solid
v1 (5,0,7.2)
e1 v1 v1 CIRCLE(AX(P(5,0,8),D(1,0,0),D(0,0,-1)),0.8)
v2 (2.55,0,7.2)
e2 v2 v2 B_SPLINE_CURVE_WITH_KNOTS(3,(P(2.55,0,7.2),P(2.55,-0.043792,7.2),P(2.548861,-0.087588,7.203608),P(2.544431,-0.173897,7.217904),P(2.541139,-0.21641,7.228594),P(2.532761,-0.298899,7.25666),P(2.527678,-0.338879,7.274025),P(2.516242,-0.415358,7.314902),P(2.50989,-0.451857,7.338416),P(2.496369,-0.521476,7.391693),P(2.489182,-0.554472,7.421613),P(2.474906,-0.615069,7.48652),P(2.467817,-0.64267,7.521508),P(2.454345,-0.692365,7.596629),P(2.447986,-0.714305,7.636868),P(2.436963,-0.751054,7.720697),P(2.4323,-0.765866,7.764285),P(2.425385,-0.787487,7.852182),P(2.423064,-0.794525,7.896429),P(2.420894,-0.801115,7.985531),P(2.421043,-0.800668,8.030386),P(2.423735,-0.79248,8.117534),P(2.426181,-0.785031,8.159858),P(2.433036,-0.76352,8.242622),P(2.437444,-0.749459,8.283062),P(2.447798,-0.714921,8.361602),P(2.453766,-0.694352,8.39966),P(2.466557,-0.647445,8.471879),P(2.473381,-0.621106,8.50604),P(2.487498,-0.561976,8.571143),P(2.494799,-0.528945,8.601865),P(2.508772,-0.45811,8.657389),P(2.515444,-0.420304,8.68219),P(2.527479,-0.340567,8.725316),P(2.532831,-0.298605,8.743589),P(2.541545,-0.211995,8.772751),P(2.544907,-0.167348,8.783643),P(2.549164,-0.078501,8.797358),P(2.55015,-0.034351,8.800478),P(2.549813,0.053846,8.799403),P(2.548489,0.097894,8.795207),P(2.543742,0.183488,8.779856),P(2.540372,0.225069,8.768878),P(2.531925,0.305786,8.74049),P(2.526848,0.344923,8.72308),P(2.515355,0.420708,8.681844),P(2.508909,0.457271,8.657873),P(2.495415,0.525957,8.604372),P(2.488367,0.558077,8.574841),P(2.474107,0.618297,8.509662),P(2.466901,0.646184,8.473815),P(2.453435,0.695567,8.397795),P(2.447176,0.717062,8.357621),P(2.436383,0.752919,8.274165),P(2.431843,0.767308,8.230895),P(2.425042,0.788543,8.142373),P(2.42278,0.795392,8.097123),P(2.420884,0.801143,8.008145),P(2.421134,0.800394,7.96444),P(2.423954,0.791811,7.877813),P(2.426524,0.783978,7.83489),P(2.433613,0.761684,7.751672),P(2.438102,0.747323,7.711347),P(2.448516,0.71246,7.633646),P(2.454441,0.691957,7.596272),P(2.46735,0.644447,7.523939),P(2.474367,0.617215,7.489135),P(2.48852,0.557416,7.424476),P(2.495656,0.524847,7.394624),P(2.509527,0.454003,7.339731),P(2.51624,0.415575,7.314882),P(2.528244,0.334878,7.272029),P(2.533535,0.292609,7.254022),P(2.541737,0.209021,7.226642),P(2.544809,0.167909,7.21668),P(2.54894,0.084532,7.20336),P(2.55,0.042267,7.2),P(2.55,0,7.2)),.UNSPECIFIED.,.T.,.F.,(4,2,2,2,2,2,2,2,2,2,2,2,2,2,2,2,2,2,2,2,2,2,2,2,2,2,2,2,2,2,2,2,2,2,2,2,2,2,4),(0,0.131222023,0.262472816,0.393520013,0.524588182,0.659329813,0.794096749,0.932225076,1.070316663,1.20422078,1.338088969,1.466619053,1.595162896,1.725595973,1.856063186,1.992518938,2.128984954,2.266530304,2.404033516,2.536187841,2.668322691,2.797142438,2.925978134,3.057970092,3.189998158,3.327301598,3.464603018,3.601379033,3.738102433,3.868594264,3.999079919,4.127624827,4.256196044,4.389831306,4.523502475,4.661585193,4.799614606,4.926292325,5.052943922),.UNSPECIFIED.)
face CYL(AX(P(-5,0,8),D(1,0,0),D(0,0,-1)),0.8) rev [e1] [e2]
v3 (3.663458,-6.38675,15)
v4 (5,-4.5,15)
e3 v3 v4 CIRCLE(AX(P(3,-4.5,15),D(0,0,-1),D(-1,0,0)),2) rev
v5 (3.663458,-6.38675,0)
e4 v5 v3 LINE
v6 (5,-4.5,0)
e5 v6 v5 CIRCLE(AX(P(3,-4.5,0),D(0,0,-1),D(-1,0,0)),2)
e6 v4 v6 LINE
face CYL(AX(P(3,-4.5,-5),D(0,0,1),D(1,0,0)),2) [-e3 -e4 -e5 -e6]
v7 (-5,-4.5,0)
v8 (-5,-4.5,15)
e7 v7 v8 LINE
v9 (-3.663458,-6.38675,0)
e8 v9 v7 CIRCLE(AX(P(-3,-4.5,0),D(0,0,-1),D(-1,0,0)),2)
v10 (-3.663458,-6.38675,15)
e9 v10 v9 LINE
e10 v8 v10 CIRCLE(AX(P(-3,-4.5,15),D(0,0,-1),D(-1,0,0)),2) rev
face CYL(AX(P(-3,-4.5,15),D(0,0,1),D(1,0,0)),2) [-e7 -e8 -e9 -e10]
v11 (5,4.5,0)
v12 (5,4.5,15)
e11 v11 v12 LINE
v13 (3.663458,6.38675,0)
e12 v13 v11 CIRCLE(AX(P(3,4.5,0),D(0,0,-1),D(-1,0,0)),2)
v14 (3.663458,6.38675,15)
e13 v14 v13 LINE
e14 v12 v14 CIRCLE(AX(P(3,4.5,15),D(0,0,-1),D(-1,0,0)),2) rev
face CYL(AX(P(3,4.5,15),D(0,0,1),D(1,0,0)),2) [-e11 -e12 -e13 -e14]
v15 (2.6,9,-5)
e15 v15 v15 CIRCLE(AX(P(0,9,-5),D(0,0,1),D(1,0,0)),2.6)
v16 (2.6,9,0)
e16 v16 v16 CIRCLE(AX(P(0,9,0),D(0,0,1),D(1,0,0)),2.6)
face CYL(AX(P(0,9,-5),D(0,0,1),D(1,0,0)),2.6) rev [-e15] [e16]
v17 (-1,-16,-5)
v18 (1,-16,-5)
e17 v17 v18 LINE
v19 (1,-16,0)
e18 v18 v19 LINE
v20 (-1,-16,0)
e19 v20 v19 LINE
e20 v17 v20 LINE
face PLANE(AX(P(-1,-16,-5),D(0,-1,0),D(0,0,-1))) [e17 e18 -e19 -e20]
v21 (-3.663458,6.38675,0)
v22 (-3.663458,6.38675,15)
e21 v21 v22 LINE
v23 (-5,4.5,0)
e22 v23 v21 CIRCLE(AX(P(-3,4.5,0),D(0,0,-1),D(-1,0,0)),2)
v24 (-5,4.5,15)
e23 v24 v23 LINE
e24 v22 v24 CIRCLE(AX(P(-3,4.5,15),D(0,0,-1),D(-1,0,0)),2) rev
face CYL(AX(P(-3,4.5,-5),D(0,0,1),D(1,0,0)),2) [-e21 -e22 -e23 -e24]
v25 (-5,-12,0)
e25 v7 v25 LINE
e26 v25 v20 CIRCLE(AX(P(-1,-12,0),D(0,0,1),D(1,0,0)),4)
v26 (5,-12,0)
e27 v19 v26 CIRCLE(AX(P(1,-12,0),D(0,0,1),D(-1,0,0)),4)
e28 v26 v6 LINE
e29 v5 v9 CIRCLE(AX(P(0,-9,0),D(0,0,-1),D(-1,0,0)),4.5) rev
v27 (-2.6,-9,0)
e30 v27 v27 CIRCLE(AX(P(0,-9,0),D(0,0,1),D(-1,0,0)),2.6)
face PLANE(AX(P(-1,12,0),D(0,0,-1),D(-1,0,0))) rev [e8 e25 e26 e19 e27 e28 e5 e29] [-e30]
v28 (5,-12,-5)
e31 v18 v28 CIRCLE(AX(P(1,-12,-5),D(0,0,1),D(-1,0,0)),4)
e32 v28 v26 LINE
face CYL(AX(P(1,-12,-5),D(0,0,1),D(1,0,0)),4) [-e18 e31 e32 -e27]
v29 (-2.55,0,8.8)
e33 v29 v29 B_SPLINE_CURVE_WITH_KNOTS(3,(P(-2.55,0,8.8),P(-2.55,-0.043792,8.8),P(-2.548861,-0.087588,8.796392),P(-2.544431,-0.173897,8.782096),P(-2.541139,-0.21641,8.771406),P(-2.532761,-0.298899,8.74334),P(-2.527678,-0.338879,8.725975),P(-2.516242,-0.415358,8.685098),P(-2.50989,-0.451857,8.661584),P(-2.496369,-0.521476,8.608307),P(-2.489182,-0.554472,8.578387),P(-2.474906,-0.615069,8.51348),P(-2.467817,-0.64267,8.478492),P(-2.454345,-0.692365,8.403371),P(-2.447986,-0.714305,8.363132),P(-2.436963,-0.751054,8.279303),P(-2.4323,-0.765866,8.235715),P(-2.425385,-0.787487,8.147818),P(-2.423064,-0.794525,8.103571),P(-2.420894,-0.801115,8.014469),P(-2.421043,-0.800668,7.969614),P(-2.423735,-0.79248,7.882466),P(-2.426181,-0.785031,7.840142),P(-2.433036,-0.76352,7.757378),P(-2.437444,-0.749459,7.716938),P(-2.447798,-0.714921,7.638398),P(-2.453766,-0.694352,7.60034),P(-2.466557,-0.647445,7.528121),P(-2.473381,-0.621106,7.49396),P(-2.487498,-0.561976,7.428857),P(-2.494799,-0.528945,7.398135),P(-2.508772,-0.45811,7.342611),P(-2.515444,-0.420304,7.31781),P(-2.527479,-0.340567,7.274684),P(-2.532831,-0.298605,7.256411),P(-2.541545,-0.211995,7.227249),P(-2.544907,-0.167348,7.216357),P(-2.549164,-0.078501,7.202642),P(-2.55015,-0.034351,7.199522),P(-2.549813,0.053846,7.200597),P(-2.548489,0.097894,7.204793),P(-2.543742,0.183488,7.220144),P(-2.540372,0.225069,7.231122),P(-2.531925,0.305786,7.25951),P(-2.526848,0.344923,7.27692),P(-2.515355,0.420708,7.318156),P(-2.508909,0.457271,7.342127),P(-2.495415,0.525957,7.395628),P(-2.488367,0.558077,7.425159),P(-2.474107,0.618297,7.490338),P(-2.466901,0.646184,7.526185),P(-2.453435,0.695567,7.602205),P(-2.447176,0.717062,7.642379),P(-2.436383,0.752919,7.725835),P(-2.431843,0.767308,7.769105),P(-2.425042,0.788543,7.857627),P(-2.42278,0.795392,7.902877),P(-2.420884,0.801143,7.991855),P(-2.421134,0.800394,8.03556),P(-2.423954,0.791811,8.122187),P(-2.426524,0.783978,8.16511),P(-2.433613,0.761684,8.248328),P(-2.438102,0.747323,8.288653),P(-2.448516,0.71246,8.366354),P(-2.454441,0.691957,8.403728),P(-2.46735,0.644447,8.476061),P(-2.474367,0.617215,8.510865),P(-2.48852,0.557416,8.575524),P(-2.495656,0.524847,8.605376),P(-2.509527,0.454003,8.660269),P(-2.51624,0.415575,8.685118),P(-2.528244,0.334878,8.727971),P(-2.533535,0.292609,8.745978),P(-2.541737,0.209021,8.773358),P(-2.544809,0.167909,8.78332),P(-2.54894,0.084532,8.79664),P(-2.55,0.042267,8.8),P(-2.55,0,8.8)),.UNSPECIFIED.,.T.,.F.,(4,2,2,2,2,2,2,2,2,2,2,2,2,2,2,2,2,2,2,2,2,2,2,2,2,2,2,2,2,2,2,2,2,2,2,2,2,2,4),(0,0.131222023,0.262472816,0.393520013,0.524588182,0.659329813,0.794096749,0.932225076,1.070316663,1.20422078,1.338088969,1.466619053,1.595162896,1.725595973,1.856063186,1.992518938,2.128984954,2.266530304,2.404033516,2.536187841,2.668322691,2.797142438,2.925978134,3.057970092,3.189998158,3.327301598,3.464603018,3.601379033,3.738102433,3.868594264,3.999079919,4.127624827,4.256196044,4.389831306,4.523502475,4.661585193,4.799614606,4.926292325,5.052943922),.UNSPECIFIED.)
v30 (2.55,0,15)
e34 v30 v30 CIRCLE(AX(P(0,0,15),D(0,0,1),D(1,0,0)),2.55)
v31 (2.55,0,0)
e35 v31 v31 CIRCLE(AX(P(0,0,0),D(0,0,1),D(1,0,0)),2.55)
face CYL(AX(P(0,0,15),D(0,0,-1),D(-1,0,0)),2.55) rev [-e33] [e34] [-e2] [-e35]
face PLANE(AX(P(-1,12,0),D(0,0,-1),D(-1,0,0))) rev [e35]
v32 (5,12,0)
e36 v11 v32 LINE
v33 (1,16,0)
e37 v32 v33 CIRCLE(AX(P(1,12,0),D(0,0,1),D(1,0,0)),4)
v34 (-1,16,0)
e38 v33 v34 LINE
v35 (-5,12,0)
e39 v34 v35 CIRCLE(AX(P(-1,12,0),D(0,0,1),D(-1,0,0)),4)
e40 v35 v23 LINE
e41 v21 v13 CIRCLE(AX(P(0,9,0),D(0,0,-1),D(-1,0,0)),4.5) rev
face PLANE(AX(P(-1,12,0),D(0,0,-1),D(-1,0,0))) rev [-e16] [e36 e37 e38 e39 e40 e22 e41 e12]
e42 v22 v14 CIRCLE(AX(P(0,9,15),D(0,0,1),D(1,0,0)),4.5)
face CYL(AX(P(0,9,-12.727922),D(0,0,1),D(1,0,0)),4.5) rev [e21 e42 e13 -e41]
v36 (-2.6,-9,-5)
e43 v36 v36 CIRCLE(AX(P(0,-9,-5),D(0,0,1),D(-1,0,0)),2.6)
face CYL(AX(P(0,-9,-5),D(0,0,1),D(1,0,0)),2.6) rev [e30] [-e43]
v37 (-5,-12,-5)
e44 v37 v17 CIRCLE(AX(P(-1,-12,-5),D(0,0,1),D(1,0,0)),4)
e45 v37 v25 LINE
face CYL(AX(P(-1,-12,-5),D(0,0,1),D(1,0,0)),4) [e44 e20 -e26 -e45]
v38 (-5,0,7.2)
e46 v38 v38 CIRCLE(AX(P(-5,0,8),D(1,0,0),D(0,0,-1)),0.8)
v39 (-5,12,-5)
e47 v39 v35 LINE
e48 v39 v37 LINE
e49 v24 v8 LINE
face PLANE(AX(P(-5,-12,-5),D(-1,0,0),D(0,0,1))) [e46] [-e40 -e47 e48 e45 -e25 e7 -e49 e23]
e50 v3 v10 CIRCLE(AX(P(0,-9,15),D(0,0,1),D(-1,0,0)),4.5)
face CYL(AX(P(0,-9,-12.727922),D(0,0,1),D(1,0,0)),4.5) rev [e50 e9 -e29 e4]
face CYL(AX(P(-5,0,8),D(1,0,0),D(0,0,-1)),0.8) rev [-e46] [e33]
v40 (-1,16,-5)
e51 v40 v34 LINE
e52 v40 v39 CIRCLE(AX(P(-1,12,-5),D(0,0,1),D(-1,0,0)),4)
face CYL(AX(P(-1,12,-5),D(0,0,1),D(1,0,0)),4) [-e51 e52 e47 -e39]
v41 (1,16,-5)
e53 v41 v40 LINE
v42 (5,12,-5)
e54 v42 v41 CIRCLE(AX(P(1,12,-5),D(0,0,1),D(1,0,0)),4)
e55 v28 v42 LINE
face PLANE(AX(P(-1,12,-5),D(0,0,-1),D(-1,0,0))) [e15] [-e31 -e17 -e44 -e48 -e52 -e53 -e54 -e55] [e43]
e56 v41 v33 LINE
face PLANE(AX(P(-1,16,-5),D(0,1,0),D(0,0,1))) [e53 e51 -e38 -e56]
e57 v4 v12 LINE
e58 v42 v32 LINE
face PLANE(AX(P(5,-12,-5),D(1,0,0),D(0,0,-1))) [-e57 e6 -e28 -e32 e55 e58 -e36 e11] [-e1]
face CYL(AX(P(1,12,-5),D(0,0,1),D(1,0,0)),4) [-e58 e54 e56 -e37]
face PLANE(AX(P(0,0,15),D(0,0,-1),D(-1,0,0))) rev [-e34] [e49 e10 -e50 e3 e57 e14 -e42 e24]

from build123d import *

# Parameters (mm, degrees)
SKETCH1_R               = 2.6
BOSS_EXTRUDE1_DEPTH     = 5
SKETCH2_W               = 10
SKETCH2_H               = 13
SKETCH2_R               = 2.55
BOSS_EXTRUDE3_DEPTH     = 15
FILLET2_R               = 2
SKETCH6_R               = 4.5
CUT_EXTRUDE2_DEPTH      = 15
CUT_EXTRUDE3_DEPTH      = 25.103941586
CUT_EXTRUDE3_DEPTH_BACK = 25.103941586
SKETCH7_R               = 0.8


with BuildPart() as part:
    # Sketch1 → Boss-Extrude1 (new body)
    with BuildSketch(Plane.XY):
        with BuildLine():
            Line((-5, -12), (-5, 12))
            ThreePointArc((-5, 12), (-3.828427125, 14.828427125), (-1, 16))
            Line((-1, 16), (1, 16))
            ThreePointArc((1, 16), (3.828427125, 14.828427125), (5, 12))
            Line((5, 12), (5, -12))
            ThreePointArc((5, -12), (3.828427125, -14.828427125), (1, -16))
            Line((1, -16), (-1, -16))
            ThreePointArc((-1, -16), (-3.828427125, -14.828427125), (-5, -12))
        make_face()
        with Locations((0, 9)):
            Circle(SKETCH1_R, mode=Mode.SUBTRACT)
        with Locations(Location((0, -9, 0), (0, 0, 180))):
            Circle(SKETCH1_R, mode=Mode.SUBTRACT)
    extrude(amount=-BOSS_EXTRUDE1_DEPTH)

    # Sketch2 → Boss-Extrude3 (add)
    with BuildSketch(Plane.XY):
        Rectangle(SKETCH2_W, SKETCH2_H)
        Circle(SKETCH2_R, mode=Mode.SUBTRACT)
    extrude(amount=BOSS_EXTRUDE3_DEPTH)

    # Fillet2
    fillet2_edges = [part.edges().sort_by_distance(p)[0] for p in [
        (5, -6.5, 7.5),
        (5, 6.5, 7.5),
        (-5, 6.5, 7.5),
        (-5, -6.5, 7.5),
    ]]
    fillet(fillet2_edges, radius=FILLET2_R)

    # Sketch6 → Cut-Extrude2 (cut)
    with BuildSketch(Plane.XY.offset(15)):
        with Locations((0, 9)):
            Circle(SKETCH6_R)
        with Locations((0, -9)):
            Circle(SKETCH6_R)
    extrude(amount=-CUT_EXTRUDE2_DEPTH, mode=Mode.SUBTRACT)

    # Sketch7 → Cut-Extrude3 (cut, two sides: drawn at the far end of the back side and taken through both)
    with BuildSketch(Plane(origin=(5, 0, 0), x_dir=(0, 0, -1), z_dir=(1, 0, 0)).offset(-CUT_EXTRUDE3_DEPTH_BACK)):
        with Locations((-8, 0)):
            Circle(SKETCH7_R)
    extrude(amount=CUT_EXTRUDE3_DEPTH + CUT_EXTRUDE3_DEPTH_BACK, mode=Mode.SUBTRACT)


solid = part.part
